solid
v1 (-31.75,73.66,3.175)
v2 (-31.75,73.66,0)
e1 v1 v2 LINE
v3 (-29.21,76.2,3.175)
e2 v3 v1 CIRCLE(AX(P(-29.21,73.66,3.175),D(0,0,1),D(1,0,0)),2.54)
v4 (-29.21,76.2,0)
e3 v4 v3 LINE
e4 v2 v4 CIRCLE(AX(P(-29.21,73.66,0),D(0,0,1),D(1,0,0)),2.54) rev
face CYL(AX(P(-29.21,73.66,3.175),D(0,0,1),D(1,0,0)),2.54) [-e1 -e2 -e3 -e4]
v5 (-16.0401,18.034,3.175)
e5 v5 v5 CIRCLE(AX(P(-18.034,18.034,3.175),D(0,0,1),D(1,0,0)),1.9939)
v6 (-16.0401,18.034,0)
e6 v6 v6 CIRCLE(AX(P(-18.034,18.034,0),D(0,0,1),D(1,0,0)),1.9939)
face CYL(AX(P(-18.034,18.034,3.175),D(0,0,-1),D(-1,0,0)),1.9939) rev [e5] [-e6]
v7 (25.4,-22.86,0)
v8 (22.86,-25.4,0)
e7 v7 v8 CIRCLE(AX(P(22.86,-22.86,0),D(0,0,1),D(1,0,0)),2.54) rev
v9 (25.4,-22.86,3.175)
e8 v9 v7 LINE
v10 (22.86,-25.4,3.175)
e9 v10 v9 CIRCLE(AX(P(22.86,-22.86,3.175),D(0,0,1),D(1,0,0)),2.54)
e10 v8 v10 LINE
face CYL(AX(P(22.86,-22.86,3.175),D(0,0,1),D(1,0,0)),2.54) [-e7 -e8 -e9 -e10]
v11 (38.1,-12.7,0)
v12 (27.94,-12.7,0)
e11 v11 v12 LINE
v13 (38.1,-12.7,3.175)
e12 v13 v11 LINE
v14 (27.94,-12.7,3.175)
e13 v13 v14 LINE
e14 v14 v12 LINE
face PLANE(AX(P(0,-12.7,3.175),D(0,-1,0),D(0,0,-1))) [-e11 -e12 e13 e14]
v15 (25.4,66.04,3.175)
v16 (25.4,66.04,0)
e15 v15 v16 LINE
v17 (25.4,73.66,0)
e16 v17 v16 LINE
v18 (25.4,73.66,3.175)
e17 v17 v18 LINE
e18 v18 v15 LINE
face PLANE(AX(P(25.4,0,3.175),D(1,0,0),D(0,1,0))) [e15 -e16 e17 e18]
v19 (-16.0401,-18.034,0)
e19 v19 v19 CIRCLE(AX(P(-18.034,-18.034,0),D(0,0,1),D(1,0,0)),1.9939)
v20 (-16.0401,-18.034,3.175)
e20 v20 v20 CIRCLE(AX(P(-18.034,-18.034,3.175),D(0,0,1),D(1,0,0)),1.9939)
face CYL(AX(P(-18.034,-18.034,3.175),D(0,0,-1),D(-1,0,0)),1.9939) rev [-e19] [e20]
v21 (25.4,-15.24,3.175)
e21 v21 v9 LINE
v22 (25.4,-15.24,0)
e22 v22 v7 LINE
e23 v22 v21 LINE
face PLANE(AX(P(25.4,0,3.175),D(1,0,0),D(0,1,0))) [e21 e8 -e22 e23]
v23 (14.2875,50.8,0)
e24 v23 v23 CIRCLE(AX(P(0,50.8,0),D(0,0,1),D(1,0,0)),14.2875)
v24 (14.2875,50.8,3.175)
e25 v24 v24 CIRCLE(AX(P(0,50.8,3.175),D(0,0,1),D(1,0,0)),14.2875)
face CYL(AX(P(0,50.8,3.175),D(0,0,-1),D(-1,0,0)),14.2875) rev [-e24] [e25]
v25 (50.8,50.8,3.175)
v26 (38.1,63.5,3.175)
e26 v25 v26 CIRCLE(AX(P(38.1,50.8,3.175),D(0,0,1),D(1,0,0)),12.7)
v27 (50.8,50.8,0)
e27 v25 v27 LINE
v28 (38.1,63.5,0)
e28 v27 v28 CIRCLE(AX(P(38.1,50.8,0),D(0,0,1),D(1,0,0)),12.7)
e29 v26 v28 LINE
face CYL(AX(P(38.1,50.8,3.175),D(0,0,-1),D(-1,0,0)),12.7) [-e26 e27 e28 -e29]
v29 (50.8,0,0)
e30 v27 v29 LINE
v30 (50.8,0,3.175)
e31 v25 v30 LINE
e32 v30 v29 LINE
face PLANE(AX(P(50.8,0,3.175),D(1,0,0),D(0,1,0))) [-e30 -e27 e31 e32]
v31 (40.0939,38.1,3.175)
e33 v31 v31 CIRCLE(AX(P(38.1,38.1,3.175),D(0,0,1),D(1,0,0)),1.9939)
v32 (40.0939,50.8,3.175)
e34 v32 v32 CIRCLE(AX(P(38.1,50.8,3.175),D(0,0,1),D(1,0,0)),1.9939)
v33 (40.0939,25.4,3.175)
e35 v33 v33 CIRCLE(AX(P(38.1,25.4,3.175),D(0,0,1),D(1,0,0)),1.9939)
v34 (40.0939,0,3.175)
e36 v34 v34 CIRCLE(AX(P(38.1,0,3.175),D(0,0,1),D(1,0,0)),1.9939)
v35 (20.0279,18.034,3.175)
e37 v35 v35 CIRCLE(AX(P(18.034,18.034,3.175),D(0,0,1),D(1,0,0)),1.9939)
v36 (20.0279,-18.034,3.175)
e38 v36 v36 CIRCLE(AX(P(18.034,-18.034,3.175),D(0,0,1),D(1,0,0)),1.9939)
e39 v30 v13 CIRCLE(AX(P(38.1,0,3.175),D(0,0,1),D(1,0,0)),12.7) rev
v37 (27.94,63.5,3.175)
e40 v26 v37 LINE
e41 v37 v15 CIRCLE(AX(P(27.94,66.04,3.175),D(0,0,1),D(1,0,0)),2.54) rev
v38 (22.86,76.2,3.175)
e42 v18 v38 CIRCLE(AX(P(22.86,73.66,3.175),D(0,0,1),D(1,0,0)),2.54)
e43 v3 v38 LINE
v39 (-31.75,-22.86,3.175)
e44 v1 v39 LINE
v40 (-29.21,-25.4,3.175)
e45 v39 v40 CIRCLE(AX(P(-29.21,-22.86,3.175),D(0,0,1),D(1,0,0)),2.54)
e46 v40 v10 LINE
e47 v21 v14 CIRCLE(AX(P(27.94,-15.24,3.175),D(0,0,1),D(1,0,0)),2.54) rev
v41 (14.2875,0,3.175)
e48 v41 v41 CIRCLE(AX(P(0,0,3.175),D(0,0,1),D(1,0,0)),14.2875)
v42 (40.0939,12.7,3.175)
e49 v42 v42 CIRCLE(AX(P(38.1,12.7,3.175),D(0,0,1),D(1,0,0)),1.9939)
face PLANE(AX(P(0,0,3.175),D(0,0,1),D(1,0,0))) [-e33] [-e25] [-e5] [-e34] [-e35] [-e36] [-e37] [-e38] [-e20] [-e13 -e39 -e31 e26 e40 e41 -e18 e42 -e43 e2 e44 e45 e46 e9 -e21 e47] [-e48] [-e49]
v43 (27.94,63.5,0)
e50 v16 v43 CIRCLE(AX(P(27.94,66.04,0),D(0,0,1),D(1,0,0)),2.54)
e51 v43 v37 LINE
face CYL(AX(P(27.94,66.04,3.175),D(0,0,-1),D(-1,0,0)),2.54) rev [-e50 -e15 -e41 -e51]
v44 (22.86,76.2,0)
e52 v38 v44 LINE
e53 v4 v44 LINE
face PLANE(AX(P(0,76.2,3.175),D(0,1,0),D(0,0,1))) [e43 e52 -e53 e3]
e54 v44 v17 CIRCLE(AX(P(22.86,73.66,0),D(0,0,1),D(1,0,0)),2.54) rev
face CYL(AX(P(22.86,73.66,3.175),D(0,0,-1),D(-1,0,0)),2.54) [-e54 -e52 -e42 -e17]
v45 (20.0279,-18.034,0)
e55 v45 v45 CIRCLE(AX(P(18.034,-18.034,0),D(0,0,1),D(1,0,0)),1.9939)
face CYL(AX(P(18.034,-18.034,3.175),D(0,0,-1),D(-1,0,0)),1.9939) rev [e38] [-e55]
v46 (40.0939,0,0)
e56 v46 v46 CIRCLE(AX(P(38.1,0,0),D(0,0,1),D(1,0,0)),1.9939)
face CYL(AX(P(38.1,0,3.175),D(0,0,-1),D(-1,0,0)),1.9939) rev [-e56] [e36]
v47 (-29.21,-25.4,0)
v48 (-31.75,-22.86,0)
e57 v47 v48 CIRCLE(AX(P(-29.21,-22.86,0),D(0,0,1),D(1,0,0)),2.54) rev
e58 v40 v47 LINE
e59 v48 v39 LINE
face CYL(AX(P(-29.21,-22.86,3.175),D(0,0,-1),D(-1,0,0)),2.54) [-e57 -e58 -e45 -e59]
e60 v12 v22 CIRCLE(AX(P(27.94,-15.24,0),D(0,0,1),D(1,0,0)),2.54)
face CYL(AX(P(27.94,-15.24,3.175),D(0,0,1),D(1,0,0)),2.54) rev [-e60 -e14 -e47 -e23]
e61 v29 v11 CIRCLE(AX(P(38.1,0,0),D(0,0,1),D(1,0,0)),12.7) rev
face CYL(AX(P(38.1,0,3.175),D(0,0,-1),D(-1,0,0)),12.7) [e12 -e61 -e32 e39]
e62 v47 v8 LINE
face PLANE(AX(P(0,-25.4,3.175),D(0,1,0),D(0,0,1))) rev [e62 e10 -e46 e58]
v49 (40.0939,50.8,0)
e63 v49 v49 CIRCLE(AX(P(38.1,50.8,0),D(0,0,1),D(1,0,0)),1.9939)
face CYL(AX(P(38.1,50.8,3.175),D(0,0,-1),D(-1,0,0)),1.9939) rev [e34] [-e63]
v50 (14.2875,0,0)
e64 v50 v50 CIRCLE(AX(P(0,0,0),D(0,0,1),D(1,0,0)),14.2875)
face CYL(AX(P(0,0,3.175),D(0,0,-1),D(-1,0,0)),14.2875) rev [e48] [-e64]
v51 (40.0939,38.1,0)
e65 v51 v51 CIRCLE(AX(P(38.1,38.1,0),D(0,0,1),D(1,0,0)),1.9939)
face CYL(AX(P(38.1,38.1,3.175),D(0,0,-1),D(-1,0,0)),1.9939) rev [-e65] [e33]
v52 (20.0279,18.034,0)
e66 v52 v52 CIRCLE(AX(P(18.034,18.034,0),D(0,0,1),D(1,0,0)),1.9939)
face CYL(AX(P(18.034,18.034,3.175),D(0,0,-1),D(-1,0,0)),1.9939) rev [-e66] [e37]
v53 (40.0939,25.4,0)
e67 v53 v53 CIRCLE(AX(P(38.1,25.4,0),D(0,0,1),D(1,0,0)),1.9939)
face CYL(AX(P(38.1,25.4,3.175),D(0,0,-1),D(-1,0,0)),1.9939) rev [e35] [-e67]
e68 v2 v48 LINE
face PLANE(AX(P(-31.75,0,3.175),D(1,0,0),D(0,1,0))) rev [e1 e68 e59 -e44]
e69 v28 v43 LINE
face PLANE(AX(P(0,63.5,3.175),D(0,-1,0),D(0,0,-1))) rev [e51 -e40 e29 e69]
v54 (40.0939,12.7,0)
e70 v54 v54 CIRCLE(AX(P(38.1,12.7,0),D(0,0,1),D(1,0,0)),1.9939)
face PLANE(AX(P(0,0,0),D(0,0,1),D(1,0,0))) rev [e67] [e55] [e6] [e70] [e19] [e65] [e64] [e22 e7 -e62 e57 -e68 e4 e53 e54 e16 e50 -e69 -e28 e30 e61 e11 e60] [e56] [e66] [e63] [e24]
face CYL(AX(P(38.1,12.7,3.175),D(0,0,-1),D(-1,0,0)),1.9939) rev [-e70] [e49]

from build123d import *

# Parameters (mm, degrees)
SKETCH1_R           = 1.9939
SKETCH1_R_2         = 14.2875
BOSS_EXTRUDE1_DEPTH = 3.175
FILLET1_R           = 2.54


with BuildPart() as part:
    # Sketch1 → Boss-Extrude1 (new body)
    with BuildSketch(Plane.XY):
        with BuildLine():
            Line((25.4, 76.2), (-31.75, 76.2))
            Line((-31.75, 76.2), (-31.75, -25.4))
            Line((-31.75, -25.4), (25.4, -25.4))
            Line((25.4, -25.4), (25.4, -12.7))
            Line((25.4, -12.7), (38.1, -12.7))
            ThreePointArc((38.1, -12.7), (47.080256121, -8.980256121), (50.8, 0))
            Line((50.8, 0), (50.8, 50.8))
            ThreePointArc((50.8, 50.8), (47.080256121, 59.780256121), (38.1, 63.5))
            Line((38.1, 63.5), (25.4, 63.5))
            Line((25.4, 63.5), (25.4, 76.2))
        make_face()
        with Locations((-18.034, -18.034)):
            Circle(SKETCH1_R, mode=Mode.SUBTRACT)
        with Locations((-18.034, 18.034)):
            Circle(SKETCH1_R, mode=Mode.SUBTRACT)
        Circle(SKETCH1_R_2, mode=Mode.SUBTRACT)
        with Locations((18.034, -18.034)):
            Circle(SKETCH1_R, mode=Mode.SUBTRACT)
        with Locations((18.034, 18.034)):
            Circle(SKETCH1_R, mode=Mode.SUBTRACT)
        with Locations((38.1, 0)):
            Circle(SKETCH1_R, mode=Mode.SUBTRACT)
        with Locations((38.1, 12.7)):
            Circle(SKETCH1_R, mode=Mode.SUBTRACT)
        with Locations((0, 50.8)):
            Circle(SKETCH1_R_2, mode=Mode.SUBTRACT)
        with Locations((38.1, 25.4)):
            Circle(SKETCH1_R, mode=Mode.SUBTRACT)
        with Locations((38.1, 38.1)):
            Circle(SKETCH1_R, mode=Mode.SUBTRACT)
        with Locations((38.1, 50.8)):
            Circle(SKETCH1_R, mode=Mode.SUBTRACT)
    extrude(amount=BOSS_EXTRUDE1_DEPTH)

    # Fillet1
    fillet1_edges = [part.edges().sort_by_distance(p)[0] for p in [
        (25.4, -12.7, 1.5875),
        (25.4, -25.4, 1.5875),
        (-31.75, -25.4, 1.5875),
        (-31.75, 76.2, 1.5875),
        (25.4, 76.2, 1.5875),
        (25.4, 63.5, 1.5875),
    ]]
    fillet(fillet1_edges, radius=FILLET1_R)


solid = part.part
